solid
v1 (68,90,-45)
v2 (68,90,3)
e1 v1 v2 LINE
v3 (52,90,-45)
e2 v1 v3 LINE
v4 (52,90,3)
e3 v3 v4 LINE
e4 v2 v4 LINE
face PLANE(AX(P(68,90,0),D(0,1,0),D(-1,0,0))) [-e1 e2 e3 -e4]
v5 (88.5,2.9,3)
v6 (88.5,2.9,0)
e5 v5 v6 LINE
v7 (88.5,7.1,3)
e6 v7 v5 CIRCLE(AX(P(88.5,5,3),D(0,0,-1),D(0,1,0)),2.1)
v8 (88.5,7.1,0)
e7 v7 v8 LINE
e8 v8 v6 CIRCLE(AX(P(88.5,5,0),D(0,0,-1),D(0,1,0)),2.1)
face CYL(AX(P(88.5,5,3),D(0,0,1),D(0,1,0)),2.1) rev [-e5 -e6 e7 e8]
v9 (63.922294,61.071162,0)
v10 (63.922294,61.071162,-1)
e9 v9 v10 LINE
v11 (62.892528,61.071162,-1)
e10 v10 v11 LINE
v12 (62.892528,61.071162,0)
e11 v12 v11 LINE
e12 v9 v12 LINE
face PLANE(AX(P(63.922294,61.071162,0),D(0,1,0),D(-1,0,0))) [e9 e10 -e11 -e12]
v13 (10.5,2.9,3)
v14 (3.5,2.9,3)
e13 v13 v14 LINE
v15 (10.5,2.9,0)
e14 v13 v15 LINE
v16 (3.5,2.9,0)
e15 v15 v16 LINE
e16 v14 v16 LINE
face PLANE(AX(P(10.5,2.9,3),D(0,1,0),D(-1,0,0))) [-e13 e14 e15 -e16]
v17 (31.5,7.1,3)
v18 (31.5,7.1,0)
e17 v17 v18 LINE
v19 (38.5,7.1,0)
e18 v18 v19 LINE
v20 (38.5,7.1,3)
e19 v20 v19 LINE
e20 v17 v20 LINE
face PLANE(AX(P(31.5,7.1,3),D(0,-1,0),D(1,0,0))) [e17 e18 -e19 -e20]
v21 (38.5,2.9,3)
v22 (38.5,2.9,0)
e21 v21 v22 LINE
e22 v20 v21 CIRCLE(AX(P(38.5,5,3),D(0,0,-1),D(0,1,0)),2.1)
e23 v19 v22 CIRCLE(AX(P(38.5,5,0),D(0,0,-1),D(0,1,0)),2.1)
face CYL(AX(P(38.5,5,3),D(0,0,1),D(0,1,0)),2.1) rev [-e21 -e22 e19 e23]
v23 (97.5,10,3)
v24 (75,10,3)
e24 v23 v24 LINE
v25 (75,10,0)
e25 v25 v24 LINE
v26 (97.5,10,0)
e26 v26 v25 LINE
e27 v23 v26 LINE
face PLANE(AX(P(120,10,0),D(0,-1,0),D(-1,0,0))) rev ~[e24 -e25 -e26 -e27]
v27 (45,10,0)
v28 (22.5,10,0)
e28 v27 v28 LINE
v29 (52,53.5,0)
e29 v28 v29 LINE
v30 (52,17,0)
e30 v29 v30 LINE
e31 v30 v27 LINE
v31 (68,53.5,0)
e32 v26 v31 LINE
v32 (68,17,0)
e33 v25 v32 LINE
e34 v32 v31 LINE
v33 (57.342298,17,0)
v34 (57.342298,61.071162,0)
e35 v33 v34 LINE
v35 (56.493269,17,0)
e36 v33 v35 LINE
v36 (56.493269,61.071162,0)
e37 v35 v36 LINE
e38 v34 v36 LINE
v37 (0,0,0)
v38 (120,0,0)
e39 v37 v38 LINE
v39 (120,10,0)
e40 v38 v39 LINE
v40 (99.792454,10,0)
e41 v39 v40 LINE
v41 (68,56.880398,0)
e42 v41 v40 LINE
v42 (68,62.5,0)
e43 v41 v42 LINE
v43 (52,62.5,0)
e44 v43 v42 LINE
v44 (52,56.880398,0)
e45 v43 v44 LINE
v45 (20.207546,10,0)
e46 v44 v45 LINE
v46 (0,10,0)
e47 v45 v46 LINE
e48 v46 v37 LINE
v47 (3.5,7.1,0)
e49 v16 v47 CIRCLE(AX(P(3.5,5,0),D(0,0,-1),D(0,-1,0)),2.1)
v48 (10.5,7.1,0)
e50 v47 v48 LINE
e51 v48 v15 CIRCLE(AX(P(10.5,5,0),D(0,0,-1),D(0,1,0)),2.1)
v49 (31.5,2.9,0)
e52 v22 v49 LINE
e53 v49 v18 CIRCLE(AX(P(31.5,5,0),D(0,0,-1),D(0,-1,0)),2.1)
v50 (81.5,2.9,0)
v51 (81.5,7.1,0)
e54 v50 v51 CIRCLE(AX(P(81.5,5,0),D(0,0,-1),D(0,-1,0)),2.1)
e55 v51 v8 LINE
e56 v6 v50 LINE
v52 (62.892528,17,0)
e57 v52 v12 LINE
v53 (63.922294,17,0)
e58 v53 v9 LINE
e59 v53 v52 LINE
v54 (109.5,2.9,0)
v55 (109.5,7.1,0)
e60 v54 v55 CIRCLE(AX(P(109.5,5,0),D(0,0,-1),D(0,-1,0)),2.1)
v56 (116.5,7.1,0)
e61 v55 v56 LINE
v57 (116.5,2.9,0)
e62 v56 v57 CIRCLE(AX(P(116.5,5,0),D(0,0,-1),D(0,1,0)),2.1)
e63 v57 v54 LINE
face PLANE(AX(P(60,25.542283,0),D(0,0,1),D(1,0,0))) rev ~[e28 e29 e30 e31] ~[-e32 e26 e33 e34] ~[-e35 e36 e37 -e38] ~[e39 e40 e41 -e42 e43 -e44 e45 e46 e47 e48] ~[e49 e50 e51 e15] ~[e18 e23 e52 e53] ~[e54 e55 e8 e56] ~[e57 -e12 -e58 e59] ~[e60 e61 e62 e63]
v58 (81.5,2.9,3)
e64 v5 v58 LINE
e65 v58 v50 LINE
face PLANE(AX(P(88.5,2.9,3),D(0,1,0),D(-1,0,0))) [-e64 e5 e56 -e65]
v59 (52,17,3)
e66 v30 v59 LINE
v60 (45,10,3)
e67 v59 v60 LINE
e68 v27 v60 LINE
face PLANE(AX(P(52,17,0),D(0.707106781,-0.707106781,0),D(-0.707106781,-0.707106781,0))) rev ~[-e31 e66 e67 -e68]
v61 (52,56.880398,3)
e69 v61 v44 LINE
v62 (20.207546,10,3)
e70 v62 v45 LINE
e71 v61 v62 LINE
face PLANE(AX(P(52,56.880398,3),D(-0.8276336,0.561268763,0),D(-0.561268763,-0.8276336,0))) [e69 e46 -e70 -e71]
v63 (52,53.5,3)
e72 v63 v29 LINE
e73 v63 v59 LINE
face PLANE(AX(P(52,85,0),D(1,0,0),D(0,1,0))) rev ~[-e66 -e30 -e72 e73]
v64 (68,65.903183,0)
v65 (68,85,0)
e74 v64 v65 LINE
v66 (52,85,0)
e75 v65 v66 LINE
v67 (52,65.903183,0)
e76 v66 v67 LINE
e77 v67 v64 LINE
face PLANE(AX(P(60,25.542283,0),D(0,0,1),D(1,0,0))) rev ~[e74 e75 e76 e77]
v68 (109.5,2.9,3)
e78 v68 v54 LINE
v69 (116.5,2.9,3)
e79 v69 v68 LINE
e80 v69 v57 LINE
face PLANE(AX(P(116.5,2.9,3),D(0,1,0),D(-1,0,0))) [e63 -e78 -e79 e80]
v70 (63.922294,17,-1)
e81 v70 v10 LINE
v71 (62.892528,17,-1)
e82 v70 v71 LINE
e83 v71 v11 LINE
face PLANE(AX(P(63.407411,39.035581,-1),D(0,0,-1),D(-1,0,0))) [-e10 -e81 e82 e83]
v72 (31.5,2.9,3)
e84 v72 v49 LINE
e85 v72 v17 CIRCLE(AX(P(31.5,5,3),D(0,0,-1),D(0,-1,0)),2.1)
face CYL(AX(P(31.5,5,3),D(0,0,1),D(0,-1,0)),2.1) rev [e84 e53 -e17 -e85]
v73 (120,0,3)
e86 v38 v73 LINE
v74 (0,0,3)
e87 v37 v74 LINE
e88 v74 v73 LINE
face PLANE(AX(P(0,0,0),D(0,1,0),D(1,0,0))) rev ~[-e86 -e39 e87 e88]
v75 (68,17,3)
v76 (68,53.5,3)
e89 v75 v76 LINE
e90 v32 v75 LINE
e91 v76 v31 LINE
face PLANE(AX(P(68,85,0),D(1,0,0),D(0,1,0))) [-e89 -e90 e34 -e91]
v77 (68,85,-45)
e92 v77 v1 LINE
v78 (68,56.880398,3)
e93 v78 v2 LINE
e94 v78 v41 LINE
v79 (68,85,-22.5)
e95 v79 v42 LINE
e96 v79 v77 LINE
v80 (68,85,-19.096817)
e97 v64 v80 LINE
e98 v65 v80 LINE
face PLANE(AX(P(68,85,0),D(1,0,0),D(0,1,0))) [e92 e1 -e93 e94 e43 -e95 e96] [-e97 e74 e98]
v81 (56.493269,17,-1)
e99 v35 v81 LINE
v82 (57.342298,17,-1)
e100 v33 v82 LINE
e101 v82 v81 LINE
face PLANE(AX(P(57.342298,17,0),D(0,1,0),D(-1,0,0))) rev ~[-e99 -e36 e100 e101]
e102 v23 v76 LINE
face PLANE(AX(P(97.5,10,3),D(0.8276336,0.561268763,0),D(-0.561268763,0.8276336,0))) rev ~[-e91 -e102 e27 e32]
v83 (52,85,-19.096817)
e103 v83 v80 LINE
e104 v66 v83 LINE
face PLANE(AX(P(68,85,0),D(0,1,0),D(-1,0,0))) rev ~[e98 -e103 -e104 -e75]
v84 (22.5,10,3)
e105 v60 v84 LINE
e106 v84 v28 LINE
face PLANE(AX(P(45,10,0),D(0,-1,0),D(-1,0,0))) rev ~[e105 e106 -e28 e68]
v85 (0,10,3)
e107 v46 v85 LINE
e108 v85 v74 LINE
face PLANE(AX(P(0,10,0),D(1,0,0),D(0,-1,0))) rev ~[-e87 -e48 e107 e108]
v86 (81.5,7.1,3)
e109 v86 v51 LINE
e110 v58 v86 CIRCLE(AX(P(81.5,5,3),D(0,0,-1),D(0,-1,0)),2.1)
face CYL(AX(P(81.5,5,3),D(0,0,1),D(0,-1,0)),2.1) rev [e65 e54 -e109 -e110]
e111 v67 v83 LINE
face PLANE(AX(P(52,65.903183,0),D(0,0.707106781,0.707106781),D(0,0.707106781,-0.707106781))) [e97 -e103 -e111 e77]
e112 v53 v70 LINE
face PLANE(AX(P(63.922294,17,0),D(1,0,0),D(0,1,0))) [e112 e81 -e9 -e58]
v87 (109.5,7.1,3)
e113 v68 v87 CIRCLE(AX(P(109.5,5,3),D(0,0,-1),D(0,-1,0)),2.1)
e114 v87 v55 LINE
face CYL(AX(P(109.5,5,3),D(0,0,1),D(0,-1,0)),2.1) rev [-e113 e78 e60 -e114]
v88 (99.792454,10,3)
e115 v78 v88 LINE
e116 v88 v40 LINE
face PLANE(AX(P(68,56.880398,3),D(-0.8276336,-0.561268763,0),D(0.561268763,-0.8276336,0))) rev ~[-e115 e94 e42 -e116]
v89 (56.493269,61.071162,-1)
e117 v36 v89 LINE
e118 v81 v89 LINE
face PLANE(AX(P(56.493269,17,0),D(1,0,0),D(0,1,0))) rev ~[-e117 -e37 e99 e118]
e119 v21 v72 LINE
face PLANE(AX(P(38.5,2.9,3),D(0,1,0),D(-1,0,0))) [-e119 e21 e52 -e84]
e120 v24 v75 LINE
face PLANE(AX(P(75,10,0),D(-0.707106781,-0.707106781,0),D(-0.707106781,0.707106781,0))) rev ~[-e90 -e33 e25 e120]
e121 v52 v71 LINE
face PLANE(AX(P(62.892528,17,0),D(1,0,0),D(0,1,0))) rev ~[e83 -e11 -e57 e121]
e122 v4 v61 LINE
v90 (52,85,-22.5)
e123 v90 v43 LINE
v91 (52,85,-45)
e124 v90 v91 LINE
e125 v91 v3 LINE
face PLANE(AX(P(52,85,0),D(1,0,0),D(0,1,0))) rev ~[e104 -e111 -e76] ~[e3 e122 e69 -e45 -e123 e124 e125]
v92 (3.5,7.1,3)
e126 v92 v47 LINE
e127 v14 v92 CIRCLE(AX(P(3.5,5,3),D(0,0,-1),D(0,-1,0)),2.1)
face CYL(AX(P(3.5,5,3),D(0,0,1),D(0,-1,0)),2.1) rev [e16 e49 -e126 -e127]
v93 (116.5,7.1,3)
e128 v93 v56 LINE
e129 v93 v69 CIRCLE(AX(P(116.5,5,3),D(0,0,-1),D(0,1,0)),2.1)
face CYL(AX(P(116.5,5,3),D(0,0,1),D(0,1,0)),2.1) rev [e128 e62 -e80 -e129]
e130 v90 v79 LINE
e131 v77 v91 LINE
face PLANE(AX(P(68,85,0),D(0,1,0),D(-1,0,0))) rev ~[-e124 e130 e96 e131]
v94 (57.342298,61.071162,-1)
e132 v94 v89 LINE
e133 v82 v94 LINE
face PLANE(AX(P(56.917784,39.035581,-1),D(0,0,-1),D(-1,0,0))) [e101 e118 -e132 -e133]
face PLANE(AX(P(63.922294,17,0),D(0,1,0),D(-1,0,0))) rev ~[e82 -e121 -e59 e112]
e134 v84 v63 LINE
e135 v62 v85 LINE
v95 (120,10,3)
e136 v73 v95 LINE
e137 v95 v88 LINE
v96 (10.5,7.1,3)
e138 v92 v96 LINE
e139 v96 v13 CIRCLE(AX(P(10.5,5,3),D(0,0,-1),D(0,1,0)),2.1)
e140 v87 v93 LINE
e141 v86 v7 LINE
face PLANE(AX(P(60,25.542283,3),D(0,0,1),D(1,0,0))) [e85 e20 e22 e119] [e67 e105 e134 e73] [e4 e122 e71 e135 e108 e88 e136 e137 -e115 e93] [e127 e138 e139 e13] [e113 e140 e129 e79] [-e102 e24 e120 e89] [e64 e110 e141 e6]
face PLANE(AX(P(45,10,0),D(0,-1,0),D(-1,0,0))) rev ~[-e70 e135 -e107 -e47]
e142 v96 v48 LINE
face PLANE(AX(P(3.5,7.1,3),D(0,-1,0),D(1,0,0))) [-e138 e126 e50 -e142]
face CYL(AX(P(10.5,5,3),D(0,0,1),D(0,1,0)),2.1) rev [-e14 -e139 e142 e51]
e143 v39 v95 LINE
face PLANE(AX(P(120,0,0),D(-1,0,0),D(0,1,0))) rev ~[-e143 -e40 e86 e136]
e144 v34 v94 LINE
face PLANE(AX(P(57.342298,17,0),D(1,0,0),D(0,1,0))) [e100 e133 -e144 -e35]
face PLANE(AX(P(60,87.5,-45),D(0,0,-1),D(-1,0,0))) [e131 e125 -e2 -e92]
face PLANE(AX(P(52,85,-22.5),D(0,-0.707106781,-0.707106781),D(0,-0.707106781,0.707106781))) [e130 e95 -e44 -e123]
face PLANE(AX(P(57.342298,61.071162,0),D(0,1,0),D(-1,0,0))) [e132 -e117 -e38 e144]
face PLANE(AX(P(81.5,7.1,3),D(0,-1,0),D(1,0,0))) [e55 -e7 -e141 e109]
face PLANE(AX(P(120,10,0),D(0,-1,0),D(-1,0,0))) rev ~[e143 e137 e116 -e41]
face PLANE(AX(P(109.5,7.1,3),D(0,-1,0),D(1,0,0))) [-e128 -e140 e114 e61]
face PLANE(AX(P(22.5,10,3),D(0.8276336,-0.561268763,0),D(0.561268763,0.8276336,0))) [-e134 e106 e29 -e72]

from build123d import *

# Parameters (mm, degrees)
BOSS_EXTRUDE1_DEPTH = 3
CUT_EXTRUDE1_DEPTH  = 3
SKETCH4_W           = 16
SKETCH4_H           = 5
BOSS_EXTRUDE2_DEPTH = 45
BOSS_EXTRUDE3_DEPTH = 16
SKETCH8_W           = 0.849028348
SKETCH8_H           = 44.071161876
SKETCH8_W_2         = 1.029765792
BOSS_EXTRUDE4_DEPTH = 1
BOSS_EXTRUDE5_DEPTH = 3


with BuildPart() as part:
    # Sketch1 → Boss-Extrude1 (new body)
    with BuildSketch(Plane.XY):
        Polygon((0, 0), (120, 0), (120, 10), (75, 10), (68, 17), (68, 40), (68, 90), (52, 90), (52, 40), (52, 17), (45, 10), (0, 10), align=None)
    extrude(amount=BOSS_EXTRUDE1_DEPTH)

    # Sketch2 → Cut-Extrude1 (cut)
    with BuildSketch(Plane.XY.offset(3)):
        with BuildLine():
            Line((3.5, 7.1), (10.5, 7.1))
            ThreePointArc((10.5, 7.1), (12.6, 5), (10.5, 2.9))
            Line((10.5, 2.9), (3.5, 2.9))
            ThreePointArc((3.5, 2.9), (1.4, 5), (3.5, 7.1))
        make_face()
        with BuildLine():
            Line((31.5, 7.1), (38.5, 7.1))
            ThreePointArc((38.5, 7.1), (40.6, 5), (38.5, 2.9))
            Line((38.5, 2.9), (31.5, 2.9))
            ThreePointArc((31.5, 2.9), (29.4, 5), (31.5, 7.1))
        make_face()
        with BuildLine():
            Line((81.5, 7.1), (88.5, 7.1))
            ThreePointArc((88.5, 7.1), (90.6, 5), (88.5, 2.9))
            Line((88.5, 2.9), (81.5, 2.9))
            ThreePointArc((81.5, 2.9), (79.4, 5), (81.5, 7.1))
        make_face()
        with BuildLine():
            Line((116.5, 2.9), (109.5, 2.9))
            ThreePointArc((109.5, 2.9), (107.4, 5), (109.5, 7.1))
            Line((109.5, 7.1), (116.5, 7.1))
            ThreePointArc((116.5, 7.1), (118.6, 5), (116.5, 2.9))
        make_face()
    extrude(amount=-CUT_EXTRUDE1_DEPTH, mode=Mode.SUBTRACT)

    # Sketch4 → Boss-Extrude2 (add)
    with BuildSketch(Plane(origin=(0, 0, 0), x_dir=(-1, 0, 0), z_dir=(0, 0, -1))):
        with Locations((-60, 87.5)):
            Rectangle(SKETCH4_W, SKETCH4_H)
    extrude(amount=BOSS_EXTRUDE2_DEPTH)

    # Sketch7 → Boss-Extrude3 (add)
    with BuildSketch(Plane.ZY.offset(-52)):
        Polygon((-22.5, 85), (0, 62.5), (0, 65.90318292), (-19.09681708, 85), align=None)
    extrude(amount=-BOSS_EXTRUDE3_DEPTH)

    # Sketch8 → Boss-Extrude4 (add)
    with BuildSketch(Plane(origin=(0, 0, 0), x_dir=(-1, 0, 0), z_dir=(0, 0, -1))):
        with Locations((-56.917783528, 39.035580938)):
            Rectangle(SKETCH8_W, SKETCH8_H)
        with Locations((-63.407411106, 39.035580938)):
            Rectangle(SKETCH8_W_2, SKETCH8_H)
    extrude(amount=BOSS_EXTRUDE4_DEPTH)

    # Sketch9 → Boss-Extrude5 (add)
    with BuildSketch(Plane.XY.offset(3)):
        Polygon((22.5, 10), (52, 53.5), (52, 56.880398444), (20.207545882, 10), align=None)
        Polygon((97.5, 10), (68, 53.5), (68, 56.880398444), (99.792454118, 10), align=None)
    extrude(amount=-BOSS_EXTRUDE5_DEPTH)


solid = part.part
